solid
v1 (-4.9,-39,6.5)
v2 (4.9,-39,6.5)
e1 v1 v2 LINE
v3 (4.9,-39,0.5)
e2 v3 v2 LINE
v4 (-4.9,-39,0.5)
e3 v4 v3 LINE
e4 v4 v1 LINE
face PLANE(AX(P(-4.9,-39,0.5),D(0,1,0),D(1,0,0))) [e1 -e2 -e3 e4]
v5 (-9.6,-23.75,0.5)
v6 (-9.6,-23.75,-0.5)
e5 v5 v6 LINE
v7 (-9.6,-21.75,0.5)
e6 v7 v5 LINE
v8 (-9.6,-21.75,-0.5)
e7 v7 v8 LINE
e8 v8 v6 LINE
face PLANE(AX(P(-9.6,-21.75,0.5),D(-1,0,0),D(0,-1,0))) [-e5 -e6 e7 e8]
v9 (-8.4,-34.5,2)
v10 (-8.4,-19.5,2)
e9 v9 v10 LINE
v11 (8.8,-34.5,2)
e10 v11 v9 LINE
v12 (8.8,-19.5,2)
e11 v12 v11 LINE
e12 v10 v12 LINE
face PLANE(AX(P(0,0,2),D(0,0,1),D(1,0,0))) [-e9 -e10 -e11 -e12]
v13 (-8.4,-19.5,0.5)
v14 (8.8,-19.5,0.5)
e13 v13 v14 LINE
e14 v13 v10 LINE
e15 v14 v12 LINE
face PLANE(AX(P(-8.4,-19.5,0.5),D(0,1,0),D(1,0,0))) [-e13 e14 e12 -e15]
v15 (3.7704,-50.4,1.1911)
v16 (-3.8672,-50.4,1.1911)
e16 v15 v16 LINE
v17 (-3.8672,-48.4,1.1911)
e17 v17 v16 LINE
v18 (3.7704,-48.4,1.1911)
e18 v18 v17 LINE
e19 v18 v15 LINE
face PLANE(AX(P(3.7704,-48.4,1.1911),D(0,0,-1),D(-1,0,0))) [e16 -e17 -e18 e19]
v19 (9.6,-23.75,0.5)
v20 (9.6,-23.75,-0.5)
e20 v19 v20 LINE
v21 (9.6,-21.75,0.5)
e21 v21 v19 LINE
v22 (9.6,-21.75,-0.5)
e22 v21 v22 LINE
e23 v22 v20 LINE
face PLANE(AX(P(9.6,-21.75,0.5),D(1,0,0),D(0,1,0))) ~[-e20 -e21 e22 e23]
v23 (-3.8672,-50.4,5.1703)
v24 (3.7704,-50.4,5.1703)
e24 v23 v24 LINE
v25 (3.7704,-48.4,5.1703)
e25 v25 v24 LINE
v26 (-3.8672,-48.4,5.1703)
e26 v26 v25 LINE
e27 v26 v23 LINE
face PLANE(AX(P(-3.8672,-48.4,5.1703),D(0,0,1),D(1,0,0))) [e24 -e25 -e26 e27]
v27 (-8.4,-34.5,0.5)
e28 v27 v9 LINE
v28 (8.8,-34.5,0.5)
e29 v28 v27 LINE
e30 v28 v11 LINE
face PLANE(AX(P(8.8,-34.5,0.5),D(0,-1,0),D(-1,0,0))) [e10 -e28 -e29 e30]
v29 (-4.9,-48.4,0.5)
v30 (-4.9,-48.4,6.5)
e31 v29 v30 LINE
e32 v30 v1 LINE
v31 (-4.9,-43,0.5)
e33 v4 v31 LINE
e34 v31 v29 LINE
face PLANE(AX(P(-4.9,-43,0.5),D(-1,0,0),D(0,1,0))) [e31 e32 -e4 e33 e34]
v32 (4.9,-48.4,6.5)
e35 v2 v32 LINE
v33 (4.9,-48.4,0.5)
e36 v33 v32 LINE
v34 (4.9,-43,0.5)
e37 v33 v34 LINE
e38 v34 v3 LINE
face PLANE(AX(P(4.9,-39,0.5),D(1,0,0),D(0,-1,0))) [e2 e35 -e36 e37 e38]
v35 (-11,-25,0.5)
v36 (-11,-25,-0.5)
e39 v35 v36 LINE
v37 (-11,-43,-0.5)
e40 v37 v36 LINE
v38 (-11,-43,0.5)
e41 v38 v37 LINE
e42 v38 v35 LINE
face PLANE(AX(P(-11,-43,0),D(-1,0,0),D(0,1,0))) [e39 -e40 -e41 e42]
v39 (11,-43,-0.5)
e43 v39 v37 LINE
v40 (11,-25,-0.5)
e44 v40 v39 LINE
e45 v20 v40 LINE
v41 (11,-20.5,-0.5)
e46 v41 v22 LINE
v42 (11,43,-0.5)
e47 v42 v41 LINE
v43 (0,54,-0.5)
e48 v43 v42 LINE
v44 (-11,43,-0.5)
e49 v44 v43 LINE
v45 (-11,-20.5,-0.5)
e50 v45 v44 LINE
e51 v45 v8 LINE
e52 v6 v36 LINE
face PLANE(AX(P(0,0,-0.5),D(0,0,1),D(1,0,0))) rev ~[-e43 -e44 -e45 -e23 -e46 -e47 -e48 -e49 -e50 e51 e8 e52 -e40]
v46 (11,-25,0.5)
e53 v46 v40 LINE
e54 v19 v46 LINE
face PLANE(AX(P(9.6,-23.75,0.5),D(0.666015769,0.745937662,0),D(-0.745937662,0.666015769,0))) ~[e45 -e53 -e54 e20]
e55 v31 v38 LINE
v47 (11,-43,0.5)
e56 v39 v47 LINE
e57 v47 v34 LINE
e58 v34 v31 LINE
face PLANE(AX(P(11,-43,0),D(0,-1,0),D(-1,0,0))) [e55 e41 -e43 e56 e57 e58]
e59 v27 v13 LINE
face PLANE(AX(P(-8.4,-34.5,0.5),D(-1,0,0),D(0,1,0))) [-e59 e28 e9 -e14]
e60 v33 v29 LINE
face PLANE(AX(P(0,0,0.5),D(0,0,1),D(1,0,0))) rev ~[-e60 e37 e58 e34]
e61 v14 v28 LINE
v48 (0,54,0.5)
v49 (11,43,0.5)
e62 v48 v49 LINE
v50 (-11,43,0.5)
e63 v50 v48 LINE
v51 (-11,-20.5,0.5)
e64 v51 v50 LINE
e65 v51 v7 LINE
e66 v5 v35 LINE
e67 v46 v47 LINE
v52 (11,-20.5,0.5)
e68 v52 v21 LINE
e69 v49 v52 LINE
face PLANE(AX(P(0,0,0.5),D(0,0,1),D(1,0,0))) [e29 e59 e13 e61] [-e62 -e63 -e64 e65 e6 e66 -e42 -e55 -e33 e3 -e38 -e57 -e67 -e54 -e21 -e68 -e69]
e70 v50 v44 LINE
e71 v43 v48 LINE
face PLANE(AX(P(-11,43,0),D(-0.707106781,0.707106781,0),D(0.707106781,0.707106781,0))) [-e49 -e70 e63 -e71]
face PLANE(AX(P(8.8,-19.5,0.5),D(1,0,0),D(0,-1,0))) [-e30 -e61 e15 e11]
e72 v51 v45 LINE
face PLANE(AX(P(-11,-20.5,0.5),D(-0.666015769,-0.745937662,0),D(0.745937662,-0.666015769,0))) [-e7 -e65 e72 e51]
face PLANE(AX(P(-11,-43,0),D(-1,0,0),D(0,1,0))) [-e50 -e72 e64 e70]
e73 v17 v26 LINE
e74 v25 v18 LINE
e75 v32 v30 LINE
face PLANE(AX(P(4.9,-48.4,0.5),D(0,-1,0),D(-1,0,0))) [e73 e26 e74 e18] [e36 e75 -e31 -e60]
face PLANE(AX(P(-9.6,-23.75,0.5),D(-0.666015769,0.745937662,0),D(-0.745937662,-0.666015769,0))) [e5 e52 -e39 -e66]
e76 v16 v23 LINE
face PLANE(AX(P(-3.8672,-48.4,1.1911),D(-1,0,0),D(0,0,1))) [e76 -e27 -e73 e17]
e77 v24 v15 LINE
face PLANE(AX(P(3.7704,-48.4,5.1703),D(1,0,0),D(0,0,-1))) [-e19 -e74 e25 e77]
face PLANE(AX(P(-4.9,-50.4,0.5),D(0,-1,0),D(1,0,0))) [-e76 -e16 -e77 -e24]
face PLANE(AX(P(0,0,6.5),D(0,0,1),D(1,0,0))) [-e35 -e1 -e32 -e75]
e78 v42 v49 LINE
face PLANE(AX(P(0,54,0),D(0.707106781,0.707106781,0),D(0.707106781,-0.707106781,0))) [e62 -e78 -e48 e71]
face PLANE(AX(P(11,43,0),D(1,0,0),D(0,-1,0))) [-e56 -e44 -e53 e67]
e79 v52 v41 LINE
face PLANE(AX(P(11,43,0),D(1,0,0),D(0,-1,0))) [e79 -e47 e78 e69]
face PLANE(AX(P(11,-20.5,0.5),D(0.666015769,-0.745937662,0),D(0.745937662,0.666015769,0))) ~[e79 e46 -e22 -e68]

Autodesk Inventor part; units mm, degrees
ref_plane "YZ Plane" through (0, 0, 0) normal (1, 0, 0) x (0, 1, 0)
ref_plane "XZ Plane" through (0, 0, 0) normal (0, 1, 0) x (-1, 0, 0)
ref_plane "XY Plane" through (0, 0, 0) normal (0, 0, 1) x (1, 0, 0)
sketch "Skizze1" plane through (0, 0, 0) normal (0, 0, 1) x (1, 0, 0)
  line L0 (11, -43) -> (-11, -43)
  line L1 (-11, -43) -> (-11, 43)
  line L2 (11, 43) -> (11, -43)
  line L3 (11, -43) -> (-11, 43) construction
  line L4 (-11, -43) -> (11, 43) construction
  line L5 (-11, 43) -> (0, 54)
  line L6 (0, 54) -> (11, 43)
  point P0 (0, 0)
  point P1 (0, 0)
  dimension "d0" = 22
  dimension "d1" = 86
  dimension "d2" = 97
extrude "Extrusion1" add sketch "Skizze1" along normal mid plane 1
sketch "Skizze2" plane through (0, 0, 0.5) normal (0, 0, 1) x (1, 0, 0)
  line L0 (-11, -20.5) -> (-9.6, -21.75)
  line L1 (-9.6, -21.75) -> (-9.6, -23.75)
  line L2 (-9.6, -23.75) -> (-11, -25)
  line L3 (-11, -25) -> (-11, -20.5)
  line L4 (-11, 43) -> (-11, -43) projected
  point P0 (0, 0)
  point P1 (-11, -22.75)
  point P2 (-9.6, -22.75)
  dimension "d5" = 1.4
  dimension "d6" = 18
  dimension "d7" = 22.5
  dimension "d8" = 2
extrude "Extrusion2" cut sketch "Skizze2" against normal blind 1
mirror "Spiegeln1" about plane through (0, 0, 0) normal (1, 0, 0) of "Extrusion2"
sketch "Skizze3" plane through (0, 0, 0.5) normal (0, 0, 1) x (1, 0, 0)
  line L0 (-4.9, -39) -> (4.9, -39)
  line L1 (4.9, -39) -> (4.9, -48.4)
  line L2 (4.9, -48.4) -> (-4.9, -48.4)
  line L3 (-4.9, -48.4) -> (-4.9, -39)
  line L4 (-11, -43) -> (11, -43) projected
  point P0 (0, 0)
  point P1 (0, -39)
  point P2 (0, -43)
  dimension "d11" = 9.4
  dimension "d12" = 9.8
  dimension "d13" = 5.4
extrude "Extrusion3" add sketch "Skizze3" along normal blind 6
sketch "Skizze4" plane through (0, 0, 0.5) normal (0, 0, 1) x (1, 0, 0)
  line L0 (-8.4, -19.5) -> (8.8, -19.5)
  line L1 (8.8, -19.5) -> (8.8, -34.5)
  line L2 (8.8, -34.5) -> (-8.4, -34.5)
  line L3 (-8.4, -34.5) -> (-8.4, -19.5)
  line L4 (4.9, -43) -> (11, -43) projected
  line L5 (11, -43) -> (11, -25) projected
  line L6 (-11, -25) -> (-11, -43) projected
  point P0 (0, 0)
  dimension "d16" = 23.5
  dimension "d19" = 8.5
  dimension "d20" = 2.2
  dimension "d21" = 2.6
extrude "Extrusion4" add sketch "Skizze4" along normal blind 1.5
sketch "Skizze5" plane through (-4.9, -48.4, 0.5) normal (0, -1, 0) x (1, 0, 0)
  line L0 (1.0328, 4.6703) -> (8.6704, 4.6703)
  line L1 (8.6704, 4.6703) -> (8.6704, 0.6911)
  line L2 (8.6704, 0.6911) -> (1.0328, 0.6911)
  line L3 (1.0328, 0.6911) -> (1.0328, 4.6703)
  point P0 (4.9, -0.5)
extrude "Extrusion5" add sketch "Skizze5" along normal blind 2
properties part number "CSM_Sensor_Dummy"
